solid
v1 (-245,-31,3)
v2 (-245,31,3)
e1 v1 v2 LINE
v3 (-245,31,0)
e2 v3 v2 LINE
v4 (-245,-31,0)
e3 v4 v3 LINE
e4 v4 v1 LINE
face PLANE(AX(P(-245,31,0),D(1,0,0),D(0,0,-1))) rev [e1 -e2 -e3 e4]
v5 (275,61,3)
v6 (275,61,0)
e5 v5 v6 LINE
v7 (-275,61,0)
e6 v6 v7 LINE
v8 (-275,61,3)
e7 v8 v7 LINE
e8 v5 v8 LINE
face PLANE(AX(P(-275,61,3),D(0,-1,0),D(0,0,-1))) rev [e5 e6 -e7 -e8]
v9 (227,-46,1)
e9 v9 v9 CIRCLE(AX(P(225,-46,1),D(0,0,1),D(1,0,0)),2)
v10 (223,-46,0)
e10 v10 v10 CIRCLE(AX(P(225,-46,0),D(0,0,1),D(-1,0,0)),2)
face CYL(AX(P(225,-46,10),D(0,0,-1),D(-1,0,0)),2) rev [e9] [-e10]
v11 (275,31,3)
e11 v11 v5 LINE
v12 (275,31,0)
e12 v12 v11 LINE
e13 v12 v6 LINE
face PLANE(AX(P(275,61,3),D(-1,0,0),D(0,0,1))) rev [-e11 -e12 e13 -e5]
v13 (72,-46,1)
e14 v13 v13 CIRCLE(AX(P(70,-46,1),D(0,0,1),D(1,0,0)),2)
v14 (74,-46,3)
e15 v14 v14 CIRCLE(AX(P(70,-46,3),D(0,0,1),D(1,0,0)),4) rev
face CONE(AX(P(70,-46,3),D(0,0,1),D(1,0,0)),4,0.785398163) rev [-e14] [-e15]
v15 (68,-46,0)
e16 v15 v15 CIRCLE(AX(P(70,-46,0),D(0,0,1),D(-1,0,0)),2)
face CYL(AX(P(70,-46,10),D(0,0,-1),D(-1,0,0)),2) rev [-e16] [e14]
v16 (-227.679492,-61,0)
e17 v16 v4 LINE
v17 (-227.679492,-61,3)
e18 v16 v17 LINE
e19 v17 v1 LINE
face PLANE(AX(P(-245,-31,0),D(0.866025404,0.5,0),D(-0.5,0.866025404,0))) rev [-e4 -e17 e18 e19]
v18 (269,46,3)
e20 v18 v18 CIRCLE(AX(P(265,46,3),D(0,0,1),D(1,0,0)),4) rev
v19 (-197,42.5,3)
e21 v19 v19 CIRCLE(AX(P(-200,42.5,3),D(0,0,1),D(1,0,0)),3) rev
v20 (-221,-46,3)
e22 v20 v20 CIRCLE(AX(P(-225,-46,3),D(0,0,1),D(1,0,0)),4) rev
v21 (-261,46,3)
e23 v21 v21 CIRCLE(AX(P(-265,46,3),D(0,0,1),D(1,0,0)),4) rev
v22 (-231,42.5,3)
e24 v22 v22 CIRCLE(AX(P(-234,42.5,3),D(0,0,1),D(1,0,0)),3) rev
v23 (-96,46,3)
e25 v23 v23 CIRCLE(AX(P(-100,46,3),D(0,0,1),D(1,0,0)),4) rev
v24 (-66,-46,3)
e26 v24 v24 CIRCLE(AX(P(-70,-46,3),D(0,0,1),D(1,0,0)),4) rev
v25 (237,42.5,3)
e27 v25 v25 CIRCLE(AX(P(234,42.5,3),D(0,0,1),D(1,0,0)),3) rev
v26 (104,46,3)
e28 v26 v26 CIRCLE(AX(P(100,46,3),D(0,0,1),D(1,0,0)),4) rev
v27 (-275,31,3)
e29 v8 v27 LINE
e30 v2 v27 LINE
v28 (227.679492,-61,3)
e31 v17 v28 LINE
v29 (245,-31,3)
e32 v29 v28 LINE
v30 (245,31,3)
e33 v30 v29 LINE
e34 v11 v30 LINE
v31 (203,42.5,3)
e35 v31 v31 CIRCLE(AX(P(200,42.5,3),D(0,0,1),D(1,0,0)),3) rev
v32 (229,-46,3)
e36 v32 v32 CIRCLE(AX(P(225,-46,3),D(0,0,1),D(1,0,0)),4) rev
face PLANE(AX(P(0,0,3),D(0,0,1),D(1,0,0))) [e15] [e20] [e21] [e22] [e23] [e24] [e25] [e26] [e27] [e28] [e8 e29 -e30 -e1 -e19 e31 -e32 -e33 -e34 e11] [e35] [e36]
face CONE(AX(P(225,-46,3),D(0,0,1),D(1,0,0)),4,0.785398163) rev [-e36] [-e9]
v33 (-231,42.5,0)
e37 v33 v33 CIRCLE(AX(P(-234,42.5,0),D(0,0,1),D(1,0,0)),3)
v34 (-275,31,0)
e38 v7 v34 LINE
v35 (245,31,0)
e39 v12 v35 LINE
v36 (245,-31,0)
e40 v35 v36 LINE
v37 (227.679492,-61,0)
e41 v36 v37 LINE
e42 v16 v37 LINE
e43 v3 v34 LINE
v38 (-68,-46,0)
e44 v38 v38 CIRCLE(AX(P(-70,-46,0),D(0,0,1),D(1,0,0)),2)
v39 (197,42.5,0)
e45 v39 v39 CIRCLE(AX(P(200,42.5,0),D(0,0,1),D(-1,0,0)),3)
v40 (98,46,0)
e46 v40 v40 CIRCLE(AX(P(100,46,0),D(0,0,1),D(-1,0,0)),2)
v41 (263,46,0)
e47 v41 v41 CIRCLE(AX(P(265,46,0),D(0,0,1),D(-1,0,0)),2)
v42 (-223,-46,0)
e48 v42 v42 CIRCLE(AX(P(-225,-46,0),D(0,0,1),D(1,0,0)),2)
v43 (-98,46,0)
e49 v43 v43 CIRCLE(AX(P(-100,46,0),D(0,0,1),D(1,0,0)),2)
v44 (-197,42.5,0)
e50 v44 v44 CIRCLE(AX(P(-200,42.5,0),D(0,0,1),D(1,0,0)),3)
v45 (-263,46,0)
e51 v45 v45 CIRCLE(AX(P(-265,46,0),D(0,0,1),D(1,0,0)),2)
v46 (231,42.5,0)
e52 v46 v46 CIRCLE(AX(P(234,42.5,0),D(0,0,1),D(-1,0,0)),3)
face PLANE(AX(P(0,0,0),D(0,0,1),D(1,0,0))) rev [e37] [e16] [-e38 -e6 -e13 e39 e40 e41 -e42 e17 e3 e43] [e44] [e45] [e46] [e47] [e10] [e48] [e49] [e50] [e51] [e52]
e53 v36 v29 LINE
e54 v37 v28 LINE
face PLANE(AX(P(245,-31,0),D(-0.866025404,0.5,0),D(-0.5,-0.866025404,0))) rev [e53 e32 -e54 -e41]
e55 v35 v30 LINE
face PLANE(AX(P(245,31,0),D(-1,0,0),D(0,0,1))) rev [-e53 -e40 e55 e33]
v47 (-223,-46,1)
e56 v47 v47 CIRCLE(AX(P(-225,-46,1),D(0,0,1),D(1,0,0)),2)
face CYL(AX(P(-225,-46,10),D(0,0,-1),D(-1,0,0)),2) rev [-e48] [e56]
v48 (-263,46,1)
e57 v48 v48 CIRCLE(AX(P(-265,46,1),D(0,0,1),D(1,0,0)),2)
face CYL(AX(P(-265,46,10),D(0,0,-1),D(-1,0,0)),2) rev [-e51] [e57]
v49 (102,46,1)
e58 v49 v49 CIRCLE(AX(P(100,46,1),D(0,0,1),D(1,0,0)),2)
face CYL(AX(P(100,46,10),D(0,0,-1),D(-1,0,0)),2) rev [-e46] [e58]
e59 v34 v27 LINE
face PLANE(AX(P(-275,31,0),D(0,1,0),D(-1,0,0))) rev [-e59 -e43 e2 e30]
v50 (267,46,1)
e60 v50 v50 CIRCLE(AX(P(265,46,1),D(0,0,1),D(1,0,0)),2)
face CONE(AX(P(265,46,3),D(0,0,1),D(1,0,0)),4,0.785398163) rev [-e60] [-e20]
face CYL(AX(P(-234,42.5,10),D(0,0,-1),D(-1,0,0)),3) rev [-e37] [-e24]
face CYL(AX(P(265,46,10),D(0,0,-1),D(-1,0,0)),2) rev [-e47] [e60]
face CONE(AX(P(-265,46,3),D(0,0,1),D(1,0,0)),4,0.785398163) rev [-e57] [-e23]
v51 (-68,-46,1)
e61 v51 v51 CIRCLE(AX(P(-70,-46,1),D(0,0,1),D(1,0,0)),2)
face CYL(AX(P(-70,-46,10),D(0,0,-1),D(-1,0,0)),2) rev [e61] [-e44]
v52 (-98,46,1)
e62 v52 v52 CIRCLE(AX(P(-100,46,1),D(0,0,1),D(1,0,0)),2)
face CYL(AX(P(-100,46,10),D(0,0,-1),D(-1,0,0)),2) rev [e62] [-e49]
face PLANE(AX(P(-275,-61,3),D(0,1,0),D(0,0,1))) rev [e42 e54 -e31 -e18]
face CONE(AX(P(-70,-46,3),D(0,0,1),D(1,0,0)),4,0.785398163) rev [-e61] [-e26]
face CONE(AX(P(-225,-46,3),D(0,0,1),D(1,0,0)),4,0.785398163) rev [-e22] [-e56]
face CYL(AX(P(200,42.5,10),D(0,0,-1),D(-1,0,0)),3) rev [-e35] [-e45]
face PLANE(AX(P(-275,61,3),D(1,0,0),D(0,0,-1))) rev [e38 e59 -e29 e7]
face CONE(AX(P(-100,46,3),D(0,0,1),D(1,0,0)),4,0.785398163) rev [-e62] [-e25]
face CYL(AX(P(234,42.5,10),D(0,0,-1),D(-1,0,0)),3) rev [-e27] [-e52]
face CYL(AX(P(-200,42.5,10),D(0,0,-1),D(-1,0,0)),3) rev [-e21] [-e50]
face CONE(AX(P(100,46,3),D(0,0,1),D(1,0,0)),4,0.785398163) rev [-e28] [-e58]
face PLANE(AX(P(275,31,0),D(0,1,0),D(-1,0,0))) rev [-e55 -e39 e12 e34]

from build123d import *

# Parameters (mm, degrees)
SKETCH_1_W          = 550
SKETCH_1_H          = 122
EXTRUDE_1_DEPTH     = 3
CUT_EXTRUDE_2_DEPTH = 282.700195243
SKETCH_2_R          = 3
SKETCH_2_R_2        = 2
CUT_EXTRUDE_1_DEPTH = 10
CHAMFER_1_SIZE      = 2


with BuildPart() as part:
    # 草图1 → 凸台-拉伸1 (new body)
    with BuildSketch(Plane.XY):
        Rectangle(SKETCH_1_W, SKETCH_1_H)
    extrude(amount=EXTRUDE_1_DEPTH)

    # 草图3 → 切除-拉伸2 (cut, through all)
    with BuildSketch(Plane.XY.offset(3)):
        Polygon((-275, 31), (-245, 31), (-245, -31), (-227.679491924, -61), (-275, -61), align=None)
        Polygon((245, -31), (227.679491924, -61), (275, -61), (275, 31), (245, 31), align=None)
    extrude(amount=-CUT_EXTRUDE_2_DEPTH, mode=Mode.SUBTRACT)

    # 草图2 → 切除-拉伸1 (cut)
    with BuildSketch(Plane.XY):
        with Locations((-200, 42.5)):
            Circle(SKETCH_2_R)
        with Locations((-234, 42.5)):
            Circle(SKETCH_2_R)
        with Locations(Location((234, 42.5, 0), (0, 0, 180))):
            Circle(SKETCH_2_R)
        with Locations(Location((200, 42.5, 0), (0, 0, 180))):
            Circle(SKETCH_2_R)
        with Locations((-265, 46)):
            Circle(SKETCH_2_R_2)
        with Locations((-100, 46)):
            Circle(SKETCH_2_R_2)
        with Locations((-225, -46)):
            Circle(SKETCH_2_R_2)
        with Locations((-70, -46)):
            Circle(SKETCH_2_R_2)
        with Locations(Location((225, -46, 0), (0, 0, 180))):
            Circle(SKETCH_2_R_2)
        with Locations(Location((70, -46, 0), (0, 0, 180))):
            Circle(SKETCH_2_R_2)
        with Locations(Location((100, 46, 0), (0, 0, 180))):
            Circle(SKETCH_2_R_2)
        with Locations(Location((265, 46, 0), (0, 0, 180))):
            Circle(SKETCH_2_R_2)
    extrude(amount=CUT_EXTRUDE_1_DEPTH, mode=Mode.SUBTRACT)

    # 倒角1
    chamfer_1_edges = [part.edges().sort_by_distance(p)[0] for p in [
        (227, -46, 3),
        (-72, -46, 3),
        (-227, -46, 3),
        (-102, 46, 3),
        (-267, 46, 3),
        (72, -46, 3),
        (102, 46, 3),
        (267, 46, 3),
    ]]
    chamfer(chamfer_1_edges, length=CHAMFER_1_SIZE)


solid = part.part
